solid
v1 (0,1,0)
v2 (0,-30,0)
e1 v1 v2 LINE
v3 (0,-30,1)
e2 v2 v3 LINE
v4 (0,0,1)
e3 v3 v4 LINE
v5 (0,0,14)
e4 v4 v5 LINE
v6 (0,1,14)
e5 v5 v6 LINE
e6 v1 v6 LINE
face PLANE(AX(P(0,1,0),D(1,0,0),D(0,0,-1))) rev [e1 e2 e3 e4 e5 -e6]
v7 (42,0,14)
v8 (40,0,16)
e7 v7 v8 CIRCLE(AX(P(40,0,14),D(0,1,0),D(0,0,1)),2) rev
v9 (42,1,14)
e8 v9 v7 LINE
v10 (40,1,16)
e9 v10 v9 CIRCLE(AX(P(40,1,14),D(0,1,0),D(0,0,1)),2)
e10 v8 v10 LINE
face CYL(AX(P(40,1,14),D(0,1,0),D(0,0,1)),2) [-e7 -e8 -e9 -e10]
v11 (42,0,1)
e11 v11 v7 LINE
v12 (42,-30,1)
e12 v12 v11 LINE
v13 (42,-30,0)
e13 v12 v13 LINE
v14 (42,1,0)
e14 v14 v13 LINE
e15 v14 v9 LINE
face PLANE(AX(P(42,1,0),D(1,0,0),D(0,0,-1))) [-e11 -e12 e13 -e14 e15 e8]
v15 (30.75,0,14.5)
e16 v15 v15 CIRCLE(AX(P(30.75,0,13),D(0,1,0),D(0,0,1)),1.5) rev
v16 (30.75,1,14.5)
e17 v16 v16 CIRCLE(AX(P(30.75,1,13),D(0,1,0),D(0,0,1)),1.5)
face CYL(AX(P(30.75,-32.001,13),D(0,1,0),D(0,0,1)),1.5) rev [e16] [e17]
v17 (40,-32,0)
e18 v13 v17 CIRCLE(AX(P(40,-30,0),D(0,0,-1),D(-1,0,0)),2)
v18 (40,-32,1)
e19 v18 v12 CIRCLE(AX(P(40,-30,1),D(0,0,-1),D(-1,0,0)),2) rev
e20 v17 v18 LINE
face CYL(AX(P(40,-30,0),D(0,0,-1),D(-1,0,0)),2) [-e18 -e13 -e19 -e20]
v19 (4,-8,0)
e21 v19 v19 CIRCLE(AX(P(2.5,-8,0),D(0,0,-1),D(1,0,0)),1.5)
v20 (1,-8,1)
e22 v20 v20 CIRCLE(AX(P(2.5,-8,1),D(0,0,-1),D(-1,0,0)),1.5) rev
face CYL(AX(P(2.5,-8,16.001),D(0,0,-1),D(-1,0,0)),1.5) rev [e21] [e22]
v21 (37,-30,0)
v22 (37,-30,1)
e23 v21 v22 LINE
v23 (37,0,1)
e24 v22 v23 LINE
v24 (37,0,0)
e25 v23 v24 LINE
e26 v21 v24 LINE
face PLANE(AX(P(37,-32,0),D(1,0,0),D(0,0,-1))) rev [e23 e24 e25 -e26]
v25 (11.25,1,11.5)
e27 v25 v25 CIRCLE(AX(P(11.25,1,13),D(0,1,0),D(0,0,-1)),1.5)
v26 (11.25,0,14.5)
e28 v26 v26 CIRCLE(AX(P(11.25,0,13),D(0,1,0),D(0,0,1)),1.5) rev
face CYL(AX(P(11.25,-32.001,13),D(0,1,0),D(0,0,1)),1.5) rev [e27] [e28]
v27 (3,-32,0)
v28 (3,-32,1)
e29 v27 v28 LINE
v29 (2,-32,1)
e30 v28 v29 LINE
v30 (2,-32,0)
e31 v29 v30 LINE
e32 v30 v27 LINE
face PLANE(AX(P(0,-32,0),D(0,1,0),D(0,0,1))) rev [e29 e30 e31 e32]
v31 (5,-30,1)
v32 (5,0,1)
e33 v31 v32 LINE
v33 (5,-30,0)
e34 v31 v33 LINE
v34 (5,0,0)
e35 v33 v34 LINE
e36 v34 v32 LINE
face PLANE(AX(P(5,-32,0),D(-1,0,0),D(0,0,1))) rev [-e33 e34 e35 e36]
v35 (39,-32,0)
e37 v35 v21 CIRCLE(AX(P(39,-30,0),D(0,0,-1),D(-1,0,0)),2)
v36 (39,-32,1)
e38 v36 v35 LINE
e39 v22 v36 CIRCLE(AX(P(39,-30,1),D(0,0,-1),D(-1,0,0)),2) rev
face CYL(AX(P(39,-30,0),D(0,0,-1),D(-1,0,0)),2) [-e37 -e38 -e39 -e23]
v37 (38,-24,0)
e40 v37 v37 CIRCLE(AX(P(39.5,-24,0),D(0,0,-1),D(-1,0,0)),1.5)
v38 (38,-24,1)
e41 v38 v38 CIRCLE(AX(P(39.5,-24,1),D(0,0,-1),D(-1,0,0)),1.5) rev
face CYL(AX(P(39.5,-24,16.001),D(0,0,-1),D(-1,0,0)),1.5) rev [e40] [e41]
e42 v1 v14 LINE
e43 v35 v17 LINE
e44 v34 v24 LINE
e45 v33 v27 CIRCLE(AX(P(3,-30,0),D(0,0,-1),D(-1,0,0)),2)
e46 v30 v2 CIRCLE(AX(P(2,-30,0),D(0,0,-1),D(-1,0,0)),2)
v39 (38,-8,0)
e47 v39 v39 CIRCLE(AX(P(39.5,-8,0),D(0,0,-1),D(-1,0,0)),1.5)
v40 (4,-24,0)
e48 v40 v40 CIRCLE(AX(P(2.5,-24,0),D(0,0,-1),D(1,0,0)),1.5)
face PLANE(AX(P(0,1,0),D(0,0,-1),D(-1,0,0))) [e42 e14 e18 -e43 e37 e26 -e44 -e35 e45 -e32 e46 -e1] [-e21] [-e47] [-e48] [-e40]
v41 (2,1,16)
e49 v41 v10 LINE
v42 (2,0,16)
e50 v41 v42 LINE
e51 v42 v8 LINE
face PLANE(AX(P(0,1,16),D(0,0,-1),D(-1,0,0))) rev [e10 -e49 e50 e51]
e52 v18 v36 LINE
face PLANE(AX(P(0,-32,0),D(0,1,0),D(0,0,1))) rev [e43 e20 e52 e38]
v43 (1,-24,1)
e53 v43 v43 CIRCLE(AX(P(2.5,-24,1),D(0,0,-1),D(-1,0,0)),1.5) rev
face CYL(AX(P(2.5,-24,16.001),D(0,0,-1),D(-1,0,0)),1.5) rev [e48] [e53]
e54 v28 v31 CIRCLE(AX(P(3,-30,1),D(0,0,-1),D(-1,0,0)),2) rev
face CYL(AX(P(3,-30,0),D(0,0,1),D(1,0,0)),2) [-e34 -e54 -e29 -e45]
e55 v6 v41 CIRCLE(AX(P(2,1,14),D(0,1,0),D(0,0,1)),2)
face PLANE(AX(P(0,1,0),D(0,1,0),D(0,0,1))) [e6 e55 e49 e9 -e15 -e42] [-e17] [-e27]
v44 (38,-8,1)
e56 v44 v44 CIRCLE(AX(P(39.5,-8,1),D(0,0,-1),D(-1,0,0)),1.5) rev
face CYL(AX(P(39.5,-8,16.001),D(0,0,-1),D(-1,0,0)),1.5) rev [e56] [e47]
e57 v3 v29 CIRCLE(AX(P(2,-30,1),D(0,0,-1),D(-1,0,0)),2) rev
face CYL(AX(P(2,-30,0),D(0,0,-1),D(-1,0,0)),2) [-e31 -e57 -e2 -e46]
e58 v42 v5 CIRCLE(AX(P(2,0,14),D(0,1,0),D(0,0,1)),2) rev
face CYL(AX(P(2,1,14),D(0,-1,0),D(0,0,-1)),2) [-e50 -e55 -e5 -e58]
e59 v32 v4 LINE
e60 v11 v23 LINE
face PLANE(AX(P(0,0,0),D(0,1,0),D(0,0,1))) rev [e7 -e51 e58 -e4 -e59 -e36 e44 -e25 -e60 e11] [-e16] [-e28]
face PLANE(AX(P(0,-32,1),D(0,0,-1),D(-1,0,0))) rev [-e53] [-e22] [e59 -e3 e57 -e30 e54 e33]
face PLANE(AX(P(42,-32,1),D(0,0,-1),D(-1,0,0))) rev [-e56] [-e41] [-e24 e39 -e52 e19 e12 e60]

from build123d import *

# Parameters (mm, degrees)
IR_HOLDER_SKETCH_W        = 42
IR_HOLDER_SKETCH_H        = 16
IR_HOLDER_DEPTH           = 1
ATTACHMENT_SKETCH_W       = 5
ATTACHMENT_SKETCH_H       = 1
ATTACHMENT_TO_BASE_DEPTH  = 32
ATTACHMENT_HOLES_REACH    = 18
ATTACHMENT_HOLES_SKETCH_R = 1.5
IR_HOLES_REACH            = 35
IR_HOLES_SKETCH_R         = 1.5
DONT_CUT_URSELF_R         = 2


with BuildPart() as part:
    # IR Holder Sketch → IR Holder (new body)
    with BuildSketch(Plane(origin=(0, 0, 0), x_dir=(1, 0, 0), z_dir=(0, 1, 0))):
        with Locations((21, -8)):
            Rectangle(IR_HOLDER_SKETCH_W, IR_HOLDER_SKETCH_H)
    extrude(amount=IR_HOLDER_DEPTH)

    # Attachment Sketch → Attachment to Base (add)
    with BuildSketch(Plane.XZ):
        with Locations((39.5, 0.5)):
            Rectangle(ATTACHMENT_SKETCH_W, ATTACHMENT_SKETCH_H)
        with Locations((2.5, 0.5)):
            Rectangle(ATTACHMENT_SKETCH_W, ATTACHMENT_SKETCH_H)
    extrude(amount=ATTACHMENT_TO_BASE_DEPTH)

    # Attachment Holes Sketch → Attachment Holes (cut, up to next)
    with BuildSketch(Plane(origin=(0, 0, 0), x_dir=(-1, 0, 0), z_dir=(0, 0, -1)), mode=Mode.PRIVATE) as attachment_holes_sk1:
        with Locations((-39.5, -8)):
            Circle(ATTACHMENT_HOLES_SKETCH_R)
    attachment_holes_tool1 = extrude(attachment_holes_sk1.sketch, amount=-ATTACHMENT_HOLES_REACH, mode=Mode.PRIVATE) & part.part
    add(attachment_holes_tool1.solids().sort_by_distance((39.5, -8, 0))[0], mode=Mode.SUBTRACT)
    # Attachment Holes Sketch → Attachment Holes (cut, up to next)
    with BuildSketch(Plane(origin=(0, 0, 0), x_dir=(-1, 0, 0), z_dir=(0, 0, -1)), mode=Mode.PRIVATE) as attachment_holes_sk2:
        with Locations((-39.5, -24)):
            Circle(ATTACHMENT_HOLES_SKETCH_R)
    attachment_holes_tool2 = extrude(attachment_holes_sk2.sketch, amount=-ATTACHMENT_HOLES_REACH, mode=Mode.PRIVATE) & part.part
    add(attachment_holes_tool2.solids().sort_by_distance((39.5, -24, 0))[0], mode=Mode.SUBTRACT)
    # Attachment Holes Sketch → Attachment Holes (cut, up to next)
    with BuildSketch(Plane(origin=(0, 0, 0), x_dir=(-1, 0, 0), z_dir=(0, 0, -1)), mode=Mode.PRIVATE) as attachment_holes_sk3:
        with Locations((-2.5, -24)):
            Circle(ATTACHMENT_HOLES_SKETCH_R)
    attachment_holes_tool3 = extrude(attachment_holes_sk3.sketch, amount=-ATTACHMENT_HOLES_REACH, mode=Mode.PRIVATE) & part.part
    add(attachment_holes_tool3.solids().sort_by_distance((2.5, -24, 0))[0], mode=Mode.SUBTRACT)
    # Attachment Holes Sketch → Attachment Holes (cut, up to next)
    with BuildSketch(Plane(origin=(0, 0, 0), x_dir=(-1, 0, 0), z_dir=(0, 0, -1)), mode=Mode.PRIVATE) as attachment_holes_sk4:
        with Locations((-2.5, -8)):
            Circle(ATTACHMENT_HOLES_SKETCH_R)
    attachment_holes_tool4 = extrude(attachment_holes_sk4.sketch, amount=-ATTACHMENT_HOLES_REACH, mode=Mode.PRIVATE) & part.part
    add(attachment_holes_tool4.solids().sort_by_distance((2.5, -8, 0))[0], mode=Mode.SUBTRACT)

    # IR Holes Sketch → IR Holes (cut, up to next)
    with BuildSketch(Plane(origin=(0, 1, 0), x_dir=(1, 0, 0), z_dir=(0, 1, 0)), mode=Mode.PRIVATE) as ir_holes_sk1:
        with Locations((30.75, -13)):
            Circle(IR_HOLES_SKETCH_R)
    ir_holes_tool1 = extrude(ir_holes_sk1.sketch, amount=-IR_HOLES_REACH, mode=Mode.PRIVATE) & part.part
    add(ir_holes_tool1.solids().sort_by_distance((30.75, 1, 13))[0], mode=Mode.SUBTRACT)
    # IR Holes Sketch → IR Holes (cut, up to next)
    with BuildSketch(Plane(origin=(0, 1, 0), x_dir=(1, 0, 0), z_dir=(0, 1, 0)), mode=Mode.PRIVATE) as ir_holes_sk2:
        with Locations((11.25, -13)):
            Circle(IR_HOLES_SKETCH_R)
    ir_holes_tool2 = extrude(ir_holes_sk2.sketch, amount=-IR_HOLES_REACH, mode=Mode.PRIVATE) & part.part
    add(ir_holes_tool2.solids().sort_by_distance((11.25, 1, 13))[0], mode=Mode.SUBTRACT)

    # Dont cut urself
    dont_cut_urself_edges = [part.edges().sort_by_distance(p)[0] for p in [
        (42, -32, 0.5),
        (37, -32, 0.5),
        (5, -32, 0.5),
        (0, -32, 0.5),
        (42, 0.5, 16),
        (0, 0.5, 16),
    ]]
    fillet(dont_cut_urself_edges, radius=DONT_CUT_URSELF_R)


solid = part.part
